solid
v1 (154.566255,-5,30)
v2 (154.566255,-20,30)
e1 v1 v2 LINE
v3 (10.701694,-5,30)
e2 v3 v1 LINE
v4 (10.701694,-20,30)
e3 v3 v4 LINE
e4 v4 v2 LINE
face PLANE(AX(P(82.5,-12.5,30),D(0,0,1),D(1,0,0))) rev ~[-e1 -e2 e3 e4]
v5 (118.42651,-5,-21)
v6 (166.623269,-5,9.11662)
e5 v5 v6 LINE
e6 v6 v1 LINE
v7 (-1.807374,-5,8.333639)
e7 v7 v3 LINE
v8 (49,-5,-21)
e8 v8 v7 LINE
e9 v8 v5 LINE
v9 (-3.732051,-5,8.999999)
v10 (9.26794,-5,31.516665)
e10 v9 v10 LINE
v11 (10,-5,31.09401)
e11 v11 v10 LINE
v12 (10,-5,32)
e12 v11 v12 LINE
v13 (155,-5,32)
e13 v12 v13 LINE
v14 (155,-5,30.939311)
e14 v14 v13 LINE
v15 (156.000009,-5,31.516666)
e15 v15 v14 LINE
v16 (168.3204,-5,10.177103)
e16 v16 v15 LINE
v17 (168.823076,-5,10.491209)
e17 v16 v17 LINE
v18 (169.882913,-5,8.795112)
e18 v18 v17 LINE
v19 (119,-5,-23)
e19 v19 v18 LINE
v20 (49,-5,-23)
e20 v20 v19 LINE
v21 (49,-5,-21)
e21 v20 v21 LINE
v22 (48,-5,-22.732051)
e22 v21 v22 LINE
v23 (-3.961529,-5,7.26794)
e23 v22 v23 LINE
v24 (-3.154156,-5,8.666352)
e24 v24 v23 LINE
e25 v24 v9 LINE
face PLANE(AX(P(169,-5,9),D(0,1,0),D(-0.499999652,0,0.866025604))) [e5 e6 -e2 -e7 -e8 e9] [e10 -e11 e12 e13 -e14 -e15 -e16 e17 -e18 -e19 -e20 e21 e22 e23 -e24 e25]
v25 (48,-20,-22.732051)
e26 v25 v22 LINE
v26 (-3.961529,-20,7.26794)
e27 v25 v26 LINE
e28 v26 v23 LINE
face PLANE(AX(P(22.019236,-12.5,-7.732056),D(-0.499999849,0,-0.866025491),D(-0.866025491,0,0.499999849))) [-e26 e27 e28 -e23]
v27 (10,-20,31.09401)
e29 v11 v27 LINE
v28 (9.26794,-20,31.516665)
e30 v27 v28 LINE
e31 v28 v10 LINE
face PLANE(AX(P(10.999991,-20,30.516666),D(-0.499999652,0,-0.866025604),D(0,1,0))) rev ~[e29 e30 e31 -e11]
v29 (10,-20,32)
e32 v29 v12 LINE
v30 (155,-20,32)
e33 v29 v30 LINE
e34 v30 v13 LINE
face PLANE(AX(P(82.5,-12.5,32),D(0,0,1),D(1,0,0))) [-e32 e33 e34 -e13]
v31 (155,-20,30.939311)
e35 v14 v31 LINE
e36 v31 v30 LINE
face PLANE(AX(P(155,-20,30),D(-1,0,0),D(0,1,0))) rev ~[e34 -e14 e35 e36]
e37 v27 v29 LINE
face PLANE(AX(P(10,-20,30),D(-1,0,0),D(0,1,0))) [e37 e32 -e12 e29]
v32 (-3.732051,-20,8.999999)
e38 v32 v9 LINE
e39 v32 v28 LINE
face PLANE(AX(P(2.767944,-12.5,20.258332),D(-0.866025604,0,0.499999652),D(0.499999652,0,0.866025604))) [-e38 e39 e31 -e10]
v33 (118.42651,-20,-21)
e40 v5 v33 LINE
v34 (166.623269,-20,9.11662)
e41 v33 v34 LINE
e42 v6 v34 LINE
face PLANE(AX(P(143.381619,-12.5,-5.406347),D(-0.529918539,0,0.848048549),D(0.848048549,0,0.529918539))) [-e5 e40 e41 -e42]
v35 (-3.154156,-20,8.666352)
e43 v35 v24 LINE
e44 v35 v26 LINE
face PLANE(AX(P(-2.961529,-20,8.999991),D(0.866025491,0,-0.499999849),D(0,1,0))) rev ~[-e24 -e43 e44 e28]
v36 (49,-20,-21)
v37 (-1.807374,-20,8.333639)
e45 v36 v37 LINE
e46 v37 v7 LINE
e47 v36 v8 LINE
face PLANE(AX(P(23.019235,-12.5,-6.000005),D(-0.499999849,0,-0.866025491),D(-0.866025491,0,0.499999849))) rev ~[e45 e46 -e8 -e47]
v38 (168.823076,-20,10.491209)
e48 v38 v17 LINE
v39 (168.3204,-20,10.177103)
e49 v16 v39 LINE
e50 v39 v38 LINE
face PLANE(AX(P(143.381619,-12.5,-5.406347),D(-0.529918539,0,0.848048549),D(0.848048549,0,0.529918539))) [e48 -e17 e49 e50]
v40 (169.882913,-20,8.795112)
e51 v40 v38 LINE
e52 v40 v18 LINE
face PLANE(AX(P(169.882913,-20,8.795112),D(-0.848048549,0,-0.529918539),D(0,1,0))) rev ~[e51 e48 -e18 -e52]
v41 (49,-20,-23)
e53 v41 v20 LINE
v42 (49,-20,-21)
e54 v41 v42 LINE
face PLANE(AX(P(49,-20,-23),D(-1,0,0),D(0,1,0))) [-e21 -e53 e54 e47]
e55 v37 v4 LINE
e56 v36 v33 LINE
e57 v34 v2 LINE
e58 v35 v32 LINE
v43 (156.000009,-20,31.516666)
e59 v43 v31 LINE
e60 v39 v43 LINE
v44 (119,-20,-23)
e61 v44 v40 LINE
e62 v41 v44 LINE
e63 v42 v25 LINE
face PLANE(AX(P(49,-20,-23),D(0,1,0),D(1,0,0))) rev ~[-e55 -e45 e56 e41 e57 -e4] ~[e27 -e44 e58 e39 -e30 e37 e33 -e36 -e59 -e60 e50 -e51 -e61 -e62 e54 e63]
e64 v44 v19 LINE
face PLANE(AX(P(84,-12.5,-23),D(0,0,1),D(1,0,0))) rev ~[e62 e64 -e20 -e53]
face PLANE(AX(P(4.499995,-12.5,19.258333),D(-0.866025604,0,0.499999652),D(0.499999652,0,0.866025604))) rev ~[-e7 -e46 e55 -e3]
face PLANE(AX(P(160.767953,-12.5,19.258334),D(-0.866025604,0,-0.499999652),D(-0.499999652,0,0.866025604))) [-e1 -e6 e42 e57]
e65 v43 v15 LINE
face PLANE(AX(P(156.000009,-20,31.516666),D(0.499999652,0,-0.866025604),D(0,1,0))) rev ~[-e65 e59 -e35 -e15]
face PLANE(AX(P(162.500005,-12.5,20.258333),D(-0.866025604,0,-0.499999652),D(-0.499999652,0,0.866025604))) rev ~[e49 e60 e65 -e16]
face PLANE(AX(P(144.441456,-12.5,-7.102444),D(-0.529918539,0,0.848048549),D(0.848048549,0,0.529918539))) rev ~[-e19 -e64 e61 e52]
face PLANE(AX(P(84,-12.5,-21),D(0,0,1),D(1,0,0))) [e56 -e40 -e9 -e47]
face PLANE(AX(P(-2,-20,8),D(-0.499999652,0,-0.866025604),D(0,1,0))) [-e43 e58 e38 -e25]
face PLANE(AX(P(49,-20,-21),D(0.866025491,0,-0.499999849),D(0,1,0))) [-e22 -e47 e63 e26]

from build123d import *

# Parameters (mm, degrees)
BOX001002001_W                     = 70
BOX001002001_H                     = 15
BOX001002001_DEPTH                 = 2
BOX001002001002_W                  = 60
BOX001002001002_H                  = 15
BOX001002001002_DEPTH              = 2
BOX001002001002_PLACEMENT_ANGLE    = 209.99999
BOX001002001001_W                  = 60
BOX001002001001_H                  = 15
BOX001002001001_DEPTH              = 2
BOX001002001001_PITCH_ANGLE        = -31.999951
BOX001002001003_W                  = 26
BOX001002001003_H                  = 15
BOX001002001003_DEPTH              = 2
BOX001002001003_PLACEMENT_ANGLE    = 60.000023
BOX001002001003001_W               = 26
BOX001002001003001_H               = 15
BOX001002001003001_DEPTH           = 2
BOX001002001003001_PLACEMENT_ANGLE = 119.999977
BOX001002_W                        = 145
BOX001002_H                        = 15
BOX001002_DEPTH                    = 2


with BuildPart() as box001002001:
    # Box001002001 → Box001002001 (new body)
    with BuildSketch(Plane(origin=(49, -20, -23), x_dir=(1, 0, 0), z_dir=(0, 0, 1))):
        with Locations((35, 7.5)):
            Rectangle(BOX001002001_W, BOX001002001_H)
    extrude(amount=BOX001002001_DEPTH)


with BuildPart() as box001002001002:
    # Box001002001002 → Box001002001002 (new body)
    with BuildSketch(Plane.XY):
        with Locations((30, 7.5)):
            Rectangle(BOX001002001002_W, BOX001002001002_H)
    extrude(amount=BOX001002001002_DEPTH)


with BuildPart() as box001002001002_1:
    # Box001002001002 placement: moved
    add(box001002001002.part.moved(Location((49, -20, -21))).rotate(Axis((49, -20, -21), (0, 1, 0)), BOX001002001002_PLACEMENT_ANGLE))


with BuildPart() as box001002001001:
    # Box001002001001 → Box001002001001 (new body)
    with BuildSketch(Plane.XY):
        with Locations((30, 7.5)):
            Rectangle(BOX001002001001_W, BOX001002001001_H)
    extrude(amount=BOX001002001001_DEPTH)


with BuildPart() as box001002001001_1:
    # Box001002001001 pitch: moved
    add(box001002001001.part.rotate(Axis((0, 0, 0), (0, 1, 0)), BOX001002001001_PITCH_ANGLE))


with BuildPart() as box001002001001_2:
    # Box001002001001 placement: moved
    add(box001002001001_1.part.moved(Location((119, -20, -23))))


with BuildPart() as box001002001003:
    # Box001002001003 → Box001002001003 (new body)
    with BuildSketch(Plane.XY):
        with Locations((13, 7.5)):
            Rectangle(BOX001002001003_W, BOX001002001003_H)
    extrude(amount=BOX001002001003_DEPTH)


with BuildPart() as box001002001003_1:
    # Box001002001003 placement: moved
    add(box001002001003.part.moved(Location((-2, -20, 8))).rotate(Axis((-2, -20, 8), (0, -1, 0)), BOX001002001003_PLACEMENT_ANGLE))


with BuildPart() as box001002001003001:
    # Box001002001003001 → Box001002001003001 (new body)
    with BuildSketch(Plane.XY):
        with Locations((13, 7.5)):
            Rectangle(BOX001002001003001_W, BOX001002001003001_H)
    extrude(amount=BOX001002001003001_DEPTH)


with BuildPart() as box001002001003001_1:
    # Box001002001003001 placement: moved
    add(box001002001003001.part.moved(Location((169, -20, 9))).rotate(Axis((169, -20, 9), (0, -1, 0)), BOX001002001003001_PLACEMENT_ANGLE))


with BuildPart() as caterpiller1:
    # Box001002 → Box001002 (new body)
    with BuildSketch(Plane(origin=(10, -20, 30), x_dir=(1, 0, 0), z_dir=(0, 0, 1))):
        with Locations((72.5, 7.5)):
            Rectangle(BOX001002_W, BOX001002_H)
    extrude(amount=BOX001002_DEPTH)

    # Fusion002001002: union Box001002001, Box001002001002, Box001002001001, Box001002001003, Box001002001003001
    add(box001002001.part)
    add(box001002001002_1.part)
    add(box001002001001_2.part)
    add(box001002001003_1.part)
    add(box001002001003001_1.part)


solid = caterpiller1.part
